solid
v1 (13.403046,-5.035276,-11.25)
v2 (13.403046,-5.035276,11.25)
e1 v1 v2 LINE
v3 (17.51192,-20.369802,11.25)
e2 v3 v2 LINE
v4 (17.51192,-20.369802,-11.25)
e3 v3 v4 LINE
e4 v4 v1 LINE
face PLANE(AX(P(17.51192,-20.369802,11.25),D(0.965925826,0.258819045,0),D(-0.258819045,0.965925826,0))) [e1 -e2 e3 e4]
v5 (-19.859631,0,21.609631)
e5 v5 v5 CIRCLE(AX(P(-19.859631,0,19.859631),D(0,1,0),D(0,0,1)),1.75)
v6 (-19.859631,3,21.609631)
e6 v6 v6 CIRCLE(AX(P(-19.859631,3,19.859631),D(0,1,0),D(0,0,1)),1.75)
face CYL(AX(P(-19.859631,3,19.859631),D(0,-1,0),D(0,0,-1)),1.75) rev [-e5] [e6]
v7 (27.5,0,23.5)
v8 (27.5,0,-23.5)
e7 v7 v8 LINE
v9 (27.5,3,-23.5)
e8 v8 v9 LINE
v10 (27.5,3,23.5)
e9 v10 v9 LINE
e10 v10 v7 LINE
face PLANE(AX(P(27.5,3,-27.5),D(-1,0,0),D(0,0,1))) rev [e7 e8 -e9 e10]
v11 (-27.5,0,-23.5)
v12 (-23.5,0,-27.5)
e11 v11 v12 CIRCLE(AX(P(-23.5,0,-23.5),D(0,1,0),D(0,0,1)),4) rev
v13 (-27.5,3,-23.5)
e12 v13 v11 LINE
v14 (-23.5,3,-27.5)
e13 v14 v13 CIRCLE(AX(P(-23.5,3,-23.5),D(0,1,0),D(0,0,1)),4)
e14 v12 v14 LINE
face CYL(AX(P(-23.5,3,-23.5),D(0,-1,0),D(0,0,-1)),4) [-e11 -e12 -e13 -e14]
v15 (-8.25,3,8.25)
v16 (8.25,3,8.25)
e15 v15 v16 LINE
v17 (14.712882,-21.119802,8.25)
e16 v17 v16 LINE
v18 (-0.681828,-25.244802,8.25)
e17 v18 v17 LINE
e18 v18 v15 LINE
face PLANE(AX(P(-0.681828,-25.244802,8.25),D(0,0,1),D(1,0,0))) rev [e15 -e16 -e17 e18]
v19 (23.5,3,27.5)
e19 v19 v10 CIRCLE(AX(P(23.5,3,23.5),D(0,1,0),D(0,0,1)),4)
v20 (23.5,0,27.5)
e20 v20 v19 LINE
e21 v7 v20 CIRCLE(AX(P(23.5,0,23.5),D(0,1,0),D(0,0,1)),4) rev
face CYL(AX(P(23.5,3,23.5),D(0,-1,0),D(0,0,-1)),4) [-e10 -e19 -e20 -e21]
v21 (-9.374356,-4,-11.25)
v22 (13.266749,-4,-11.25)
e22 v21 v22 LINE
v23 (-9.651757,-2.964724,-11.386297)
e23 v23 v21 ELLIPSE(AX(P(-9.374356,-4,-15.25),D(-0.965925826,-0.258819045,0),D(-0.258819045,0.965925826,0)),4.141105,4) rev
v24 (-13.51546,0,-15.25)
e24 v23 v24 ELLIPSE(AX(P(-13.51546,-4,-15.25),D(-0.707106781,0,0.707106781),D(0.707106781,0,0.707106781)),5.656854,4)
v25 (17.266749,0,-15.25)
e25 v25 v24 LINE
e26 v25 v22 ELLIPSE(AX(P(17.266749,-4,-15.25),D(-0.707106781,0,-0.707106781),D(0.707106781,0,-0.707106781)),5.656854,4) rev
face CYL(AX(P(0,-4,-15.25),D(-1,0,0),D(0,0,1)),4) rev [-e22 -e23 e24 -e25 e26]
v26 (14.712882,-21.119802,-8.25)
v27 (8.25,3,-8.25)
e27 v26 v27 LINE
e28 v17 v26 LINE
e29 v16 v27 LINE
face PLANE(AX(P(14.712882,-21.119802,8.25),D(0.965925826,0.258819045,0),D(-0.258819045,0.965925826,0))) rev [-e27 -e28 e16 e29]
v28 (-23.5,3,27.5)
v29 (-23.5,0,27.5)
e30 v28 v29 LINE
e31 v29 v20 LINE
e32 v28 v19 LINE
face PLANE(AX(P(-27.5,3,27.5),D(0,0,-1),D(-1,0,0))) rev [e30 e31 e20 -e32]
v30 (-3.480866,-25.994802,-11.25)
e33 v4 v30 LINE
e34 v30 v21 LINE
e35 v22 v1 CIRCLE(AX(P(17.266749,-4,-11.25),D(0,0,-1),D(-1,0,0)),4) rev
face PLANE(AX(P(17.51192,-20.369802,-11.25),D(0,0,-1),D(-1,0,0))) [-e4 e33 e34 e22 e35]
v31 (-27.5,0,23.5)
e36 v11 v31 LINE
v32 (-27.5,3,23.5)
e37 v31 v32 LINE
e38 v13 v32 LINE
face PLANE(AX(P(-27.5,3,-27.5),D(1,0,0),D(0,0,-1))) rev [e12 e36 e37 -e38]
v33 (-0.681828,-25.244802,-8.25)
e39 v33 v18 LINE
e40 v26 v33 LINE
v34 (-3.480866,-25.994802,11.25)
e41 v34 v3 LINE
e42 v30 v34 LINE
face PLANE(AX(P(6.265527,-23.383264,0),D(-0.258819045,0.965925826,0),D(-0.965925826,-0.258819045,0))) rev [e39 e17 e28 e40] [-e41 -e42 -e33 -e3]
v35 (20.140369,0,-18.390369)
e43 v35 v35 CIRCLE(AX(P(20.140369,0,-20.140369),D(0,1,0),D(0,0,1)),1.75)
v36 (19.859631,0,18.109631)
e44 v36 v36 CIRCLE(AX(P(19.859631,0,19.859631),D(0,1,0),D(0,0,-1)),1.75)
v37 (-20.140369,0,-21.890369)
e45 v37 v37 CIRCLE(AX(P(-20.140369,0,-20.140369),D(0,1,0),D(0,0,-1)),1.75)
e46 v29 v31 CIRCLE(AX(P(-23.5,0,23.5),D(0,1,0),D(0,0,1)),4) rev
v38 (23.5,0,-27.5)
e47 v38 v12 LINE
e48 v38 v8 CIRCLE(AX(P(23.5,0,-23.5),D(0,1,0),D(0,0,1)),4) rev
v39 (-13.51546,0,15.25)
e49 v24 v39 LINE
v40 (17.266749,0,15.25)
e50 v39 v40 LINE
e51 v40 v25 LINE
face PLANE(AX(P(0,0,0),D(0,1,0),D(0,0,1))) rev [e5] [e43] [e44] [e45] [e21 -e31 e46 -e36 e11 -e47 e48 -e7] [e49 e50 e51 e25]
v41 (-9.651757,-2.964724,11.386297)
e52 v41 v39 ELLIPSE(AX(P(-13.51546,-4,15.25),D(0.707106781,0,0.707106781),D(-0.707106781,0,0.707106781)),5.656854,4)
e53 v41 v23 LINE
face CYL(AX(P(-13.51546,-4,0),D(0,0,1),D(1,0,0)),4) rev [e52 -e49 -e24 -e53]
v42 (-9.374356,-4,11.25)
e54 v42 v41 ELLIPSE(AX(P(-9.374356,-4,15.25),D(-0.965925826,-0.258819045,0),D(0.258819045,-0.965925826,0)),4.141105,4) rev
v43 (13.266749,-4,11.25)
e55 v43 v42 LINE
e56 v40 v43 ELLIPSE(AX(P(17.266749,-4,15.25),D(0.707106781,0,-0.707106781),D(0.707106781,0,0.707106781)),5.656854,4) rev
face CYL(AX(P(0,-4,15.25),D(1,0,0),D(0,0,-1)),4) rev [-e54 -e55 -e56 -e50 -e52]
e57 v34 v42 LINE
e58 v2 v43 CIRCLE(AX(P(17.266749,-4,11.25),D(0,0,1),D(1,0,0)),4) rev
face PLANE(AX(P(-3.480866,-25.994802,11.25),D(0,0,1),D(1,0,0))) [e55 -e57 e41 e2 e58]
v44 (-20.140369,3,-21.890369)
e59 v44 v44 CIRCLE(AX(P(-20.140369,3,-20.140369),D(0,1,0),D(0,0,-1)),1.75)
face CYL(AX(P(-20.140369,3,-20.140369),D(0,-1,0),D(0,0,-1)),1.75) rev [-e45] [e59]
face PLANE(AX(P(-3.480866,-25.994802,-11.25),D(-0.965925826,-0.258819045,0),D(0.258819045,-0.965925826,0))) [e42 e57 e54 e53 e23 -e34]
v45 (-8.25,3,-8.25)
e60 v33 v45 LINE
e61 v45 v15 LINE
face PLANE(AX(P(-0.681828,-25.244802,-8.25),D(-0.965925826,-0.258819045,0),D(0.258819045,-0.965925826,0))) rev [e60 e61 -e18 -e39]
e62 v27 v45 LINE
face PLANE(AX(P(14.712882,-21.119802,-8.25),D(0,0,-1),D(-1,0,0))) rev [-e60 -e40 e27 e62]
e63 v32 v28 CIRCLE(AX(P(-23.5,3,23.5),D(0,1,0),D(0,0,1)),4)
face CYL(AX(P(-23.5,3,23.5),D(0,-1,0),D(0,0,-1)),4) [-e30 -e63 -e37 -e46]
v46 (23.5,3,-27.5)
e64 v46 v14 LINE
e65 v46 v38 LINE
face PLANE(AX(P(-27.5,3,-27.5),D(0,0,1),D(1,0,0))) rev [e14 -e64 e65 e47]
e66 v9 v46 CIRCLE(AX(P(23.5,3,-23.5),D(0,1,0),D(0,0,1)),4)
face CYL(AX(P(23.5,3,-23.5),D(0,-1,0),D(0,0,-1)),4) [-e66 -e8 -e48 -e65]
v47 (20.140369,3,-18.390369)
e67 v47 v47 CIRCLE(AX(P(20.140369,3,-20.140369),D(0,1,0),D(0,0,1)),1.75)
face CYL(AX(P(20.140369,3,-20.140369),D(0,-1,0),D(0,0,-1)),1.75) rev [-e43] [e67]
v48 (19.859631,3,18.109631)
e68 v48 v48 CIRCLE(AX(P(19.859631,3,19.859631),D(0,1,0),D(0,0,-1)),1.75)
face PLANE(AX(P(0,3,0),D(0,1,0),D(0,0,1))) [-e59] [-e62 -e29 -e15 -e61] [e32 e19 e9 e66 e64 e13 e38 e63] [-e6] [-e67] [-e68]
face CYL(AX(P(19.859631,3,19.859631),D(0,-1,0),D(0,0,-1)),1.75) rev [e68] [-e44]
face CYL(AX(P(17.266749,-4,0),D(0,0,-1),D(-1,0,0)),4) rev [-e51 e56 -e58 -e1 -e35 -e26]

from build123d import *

# Parameters (mm, degrees)
SKETCH1_W                       = 55
SKETCH1_H                       = 55
SKETCH1_R                       = 1.75
BOSS_EXTRUDE1_DEPTH             = 3
BOSS_EXTRUDE3_REACH             = 67.033
SKETCH7_W                       = 21.733331091
SKETCH7_H                       = 22.5
SKETCH7_W_2                     = 15.937776134
SKETCH7_H_2                     = 16.5
BOSS_EXTRUDE3_DIRECTION_2_DEPTH = 11
SKETCH8_W                       = 15.937776134
SKETCH8_H                       = 16.5
CUT_EXTRUDE2_DEPTH              = 30
FILLET3_R                       = 4


with BuildPart() as part:
    # Sketch1 → Boss-Extrude1 (new body)
    with BuildSketch(Plane(origin=(0, 0, 0), x_dir=(1, 0, 0), z_dir=(0, 1, 0))):
        Rectangle(SKETCH1_W, SKETCH1_H)
        with Locations(Location((20.140368527, 20.140368527, 0), (0, 0, 270))):
            Circle(SKETCH1_R, mode=Mode.SUBTRACT)
        with Locations(Location((-19.859631473, -19.859631473, 0), (0, 0, 270))):
            Circle(SKETCH1_R, mode=Mode.SUBTRACT)
        with Locations(Location((-20.140368527, 20.140368527, 0), (0, 0, 90))):
            Circle(SKETCH1_R, mode=Mode.SUBTRACT)
        with Locations(Location((19.859631473, -19.859631473, 0), (0, 0, 90))):
            Circle(SKETCH1_R, mode=Mode.SUBTRACT)
    extrude(amount=BOSS_EXTRUDE1_DEPTH)

    # Boss-Extrude3: up to this plane
    boss_extrude3_end = Plane(origin=(0, 0, 0), z_dir=(0, 1, 0))
    # Sketch7 → Boss-Extrude3 (add, up to the surface)
    with BuildSketch(Plane(origin=(3.41851723, -12.758079989, 27.5), x_dir=(0.9659258262890681, 0.25881904510252174, 0), z_dir=(-0.25881904510252174, 0.9659258262890681, 0)), mode=Mode.PRIVATE) as boss_extrude3_sk1:
        with Locations((0.776457136, 27.5)):
            Rectangle(SKETCH7_W, SKETCH7_H)
        with Locations((0.776457135, 27.5)):
            Rectangle(SKETCH7_W_2, SKETCH7_H_2, mode=Mode.SUBTRACT)
    boss_extrude3_tool1 = split(extrude(boss_extrude3_sk1.sketch, amount=BOSS_EXTRUDE3_REACH, mode=Mode.PRIVATE), bisect_by=boss_extrude3_end, keep=Keep.BOTH, mode=Mode.PRIVATE)
    add(boss_extrude3_tool1.solids().sort_by_distance((4.168517, -12.557118, 10.937176))[0])

    # Sketch7 → Boss-Extrude3 direction 2 (add)
    with BuildSketch(Plane(origin=(3.41851723, -12.758079989, 27.5), x_dir=(0.9659258262890681, 0.25881904510252174, 0), z_dir=(-0.25881904510252174, 0.9659258262890681, 0))):
        with Locations((0.776457136, 27.5)):
            Rectangle(SKETCH7_W, SKETCH7_H)
        with Locations((0.776457135, 27.5)):
            Rectangle(SKETCH7_W_2, SKETCH7_H_2, mode=Mode.SUBTRACT)
    extrude(amount=-BOSS_EXTRUDE3_DIRECTION_2_DEPTH)

    # Sketch8 → Cut-Extrude2 (cut)
    with BuildSketch(Plane(origin=(6.265526726, -23.383264078, 0), x_dir=(0.9659258262890681, 0.2588190451025216, 0), z_dir=(0.2588190451025216, -0.9659258262890681, 0))):
        with Locations((0.776457135, 0)):
            Rectangle(SKETCH8_W, SKETCH8_H)
    extrude(amount=-CUT_EXTRUDE2_DEPTH, mode=Mode.SUBTRACT)

    # Fillet3
    fillet3_edges = [part.edges().sort_by_distance(p)[0] for p in [
        (0.803847577, 0, 11.25),
        (12.053847577, 0, 0),
        (0.803847577, 0, -11.25),
        (-10.446152423, 0, 0),
        (27.5, 1.5, 27.5),
        (-27.5, 1.5, 27.5),
        (-27.5, 1.5, -27.5),
        (27.5, 1.5, -27.5),
    ]]
    fillet(fillet3_edges, radius=FILLET3_R)


solid = part.part
